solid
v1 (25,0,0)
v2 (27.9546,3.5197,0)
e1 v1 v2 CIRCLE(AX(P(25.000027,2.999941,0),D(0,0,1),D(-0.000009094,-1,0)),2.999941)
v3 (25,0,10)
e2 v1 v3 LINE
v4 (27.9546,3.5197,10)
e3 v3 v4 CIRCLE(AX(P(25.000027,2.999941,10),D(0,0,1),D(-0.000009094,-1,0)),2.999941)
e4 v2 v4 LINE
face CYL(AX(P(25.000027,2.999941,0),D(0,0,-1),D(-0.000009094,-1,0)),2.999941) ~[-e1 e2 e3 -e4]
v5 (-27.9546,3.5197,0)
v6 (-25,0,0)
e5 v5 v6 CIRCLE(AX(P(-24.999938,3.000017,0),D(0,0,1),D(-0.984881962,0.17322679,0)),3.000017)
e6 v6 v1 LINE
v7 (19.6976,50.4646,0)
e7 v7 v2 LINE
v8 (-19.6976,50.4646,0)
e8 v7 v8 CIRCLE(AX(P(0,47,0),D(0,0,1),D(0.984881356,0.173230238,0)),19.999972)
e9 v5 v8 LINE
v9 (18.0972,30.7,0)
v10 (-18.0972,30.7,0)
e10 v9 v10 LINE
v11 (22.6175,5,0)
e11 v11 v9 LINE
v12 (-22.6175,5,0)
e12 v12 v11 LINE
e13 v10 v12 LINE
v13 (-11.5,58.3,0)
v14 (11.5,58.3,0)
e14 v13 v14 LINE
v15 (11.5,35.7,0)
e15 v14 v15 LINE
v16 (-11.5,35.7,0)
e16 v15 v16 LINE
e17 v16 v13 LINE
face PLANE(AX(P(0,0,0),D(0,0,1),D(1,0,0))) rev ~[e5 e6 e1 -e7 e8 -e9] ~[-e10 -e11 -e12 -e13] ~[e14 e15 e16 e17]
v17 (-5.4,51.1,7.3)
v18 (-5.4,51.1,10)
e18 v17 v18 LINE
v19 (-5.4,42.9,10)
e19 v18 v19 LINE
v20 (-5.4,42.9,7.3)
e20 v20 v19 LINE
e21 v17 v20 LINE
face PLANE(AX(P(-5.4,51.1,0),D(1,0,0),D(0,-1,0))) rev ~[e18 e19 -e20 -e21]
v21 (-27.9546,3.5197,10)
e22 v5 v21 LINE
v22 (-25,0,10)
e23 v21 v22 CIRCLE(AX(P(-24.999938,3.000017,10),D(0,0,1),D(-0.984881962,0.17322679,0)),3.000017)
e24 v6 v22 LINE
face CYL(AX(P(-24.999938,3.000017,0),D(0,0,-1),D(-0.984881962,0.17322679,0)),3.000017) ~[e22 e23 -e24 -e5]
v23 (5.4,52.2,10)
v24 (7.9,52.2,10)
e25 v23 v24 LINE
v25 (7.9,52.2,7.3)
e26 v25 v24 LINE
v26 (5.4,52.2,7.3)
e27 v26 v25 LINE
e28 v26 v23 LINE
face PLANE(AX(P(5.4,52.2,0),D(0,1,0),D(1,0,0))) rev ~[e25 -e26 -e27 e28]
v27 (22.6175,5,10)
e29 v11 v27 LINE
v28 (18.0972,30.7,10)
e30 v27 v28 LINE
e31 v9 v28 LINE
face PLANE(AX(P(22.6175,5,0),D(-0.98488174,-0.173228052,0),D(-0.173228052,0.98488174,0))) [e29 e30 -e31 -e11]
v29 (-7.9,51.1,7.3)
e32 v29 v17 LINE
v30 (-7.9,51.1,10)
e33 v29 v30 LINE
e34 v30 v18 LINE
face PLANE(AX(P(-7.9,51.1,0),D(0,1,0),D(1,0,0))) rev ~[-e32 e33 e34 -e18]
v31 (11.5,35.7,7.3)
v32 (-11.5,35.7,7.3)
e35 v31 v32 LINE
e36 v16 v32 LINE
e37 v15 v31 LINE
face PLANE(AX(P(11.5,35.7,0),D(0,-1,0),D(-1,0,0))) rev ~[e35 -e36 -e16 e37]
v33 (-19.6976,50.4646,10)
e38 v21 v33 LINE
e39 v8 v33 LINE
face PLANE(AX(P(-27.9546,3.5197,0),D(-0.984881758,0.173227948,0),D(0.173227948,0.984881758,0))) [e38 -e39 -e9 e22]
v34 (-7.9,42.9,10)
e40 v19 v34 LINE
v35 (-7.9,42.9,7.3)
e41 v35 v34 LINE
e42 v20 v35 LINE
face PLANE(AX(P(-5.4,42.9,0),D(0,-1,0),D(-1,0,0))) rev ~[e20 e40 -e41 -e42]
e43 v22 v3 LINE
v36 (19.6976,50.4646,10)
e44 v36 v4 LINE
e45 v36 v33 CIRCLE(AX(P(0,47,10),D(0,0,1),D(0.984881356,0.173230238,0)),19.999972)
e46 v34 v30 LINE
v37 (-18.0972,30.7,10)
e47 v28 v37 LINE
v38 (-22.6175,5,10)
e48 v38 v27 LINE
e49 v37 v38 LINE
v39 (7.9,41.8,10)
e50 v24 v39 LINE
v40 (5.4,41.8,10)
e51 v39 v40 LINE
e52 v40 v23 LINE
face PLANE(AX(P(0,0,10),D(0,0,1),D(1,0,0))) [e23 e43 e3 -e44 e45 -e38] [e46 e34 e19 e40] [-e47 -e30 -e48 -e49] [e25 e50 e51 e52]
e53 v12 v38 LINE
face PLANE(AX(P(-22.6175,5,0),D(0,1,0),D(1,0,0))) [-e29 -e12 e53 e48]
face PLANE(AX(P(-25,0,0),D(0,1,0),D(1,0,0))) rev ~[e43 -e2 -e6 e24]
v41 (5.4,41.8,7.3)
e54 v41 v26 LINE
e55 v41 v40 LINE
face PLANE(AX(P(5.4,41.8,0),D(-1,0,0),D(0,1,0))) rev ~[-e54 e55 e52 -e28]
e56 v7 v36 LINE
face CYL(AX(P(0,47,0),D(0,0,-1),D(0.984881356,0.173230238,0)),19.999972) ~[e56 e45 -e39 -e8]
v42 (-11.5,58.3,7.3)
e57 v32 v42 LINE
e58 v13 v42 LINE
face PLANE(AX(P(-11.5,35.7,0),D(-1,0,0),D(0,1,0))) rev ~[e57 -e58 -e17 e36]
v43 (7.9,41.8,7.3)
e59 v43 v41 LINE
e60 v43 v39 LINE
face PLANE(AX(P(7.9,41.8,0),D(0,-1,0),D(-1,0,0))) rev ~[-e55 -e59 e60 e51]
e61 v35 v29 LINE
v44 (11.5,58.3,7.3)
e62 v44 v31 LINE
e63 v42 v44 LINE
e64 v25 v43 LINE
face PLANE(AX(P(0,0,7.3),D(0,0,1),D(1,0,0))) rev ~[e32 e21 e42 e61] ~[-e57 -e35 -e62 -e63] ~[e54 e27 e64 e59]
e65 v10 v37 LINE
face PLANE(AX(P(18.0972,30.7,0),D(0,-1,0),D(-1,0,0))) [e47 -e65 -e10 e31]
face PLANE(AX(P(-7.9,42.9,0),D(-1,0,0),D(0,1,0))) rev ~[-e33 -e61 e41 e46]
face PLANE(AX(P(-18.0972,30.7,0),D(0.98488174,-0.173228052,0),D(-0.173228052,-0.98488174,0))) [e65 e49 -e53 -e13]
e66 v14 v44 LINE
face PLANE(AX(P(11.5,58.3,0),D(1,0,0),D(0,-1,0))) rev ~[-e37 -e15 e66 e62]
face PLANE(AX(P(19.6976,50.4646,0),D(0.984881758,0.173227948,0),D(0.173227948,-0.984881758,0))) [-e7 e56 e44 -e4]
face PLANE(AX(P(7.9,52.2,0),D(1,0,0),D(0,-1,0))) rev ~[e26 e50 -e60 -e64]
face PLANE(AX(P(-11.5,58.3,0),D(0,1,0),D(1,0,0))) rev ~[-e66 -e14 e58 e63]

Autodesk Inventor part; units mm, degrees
ref_plane "YZ Plane" through (0, 0, 0) normal (1, 0, 0) x (0, 1, 0)
ref_plane "XZ Plane" through (0, 0, 0) normal (0, 1, 0) x (-1, 0, 0)
ref_plane "XY Plane" through (0, 0, 0) normal (0, 0, 1) x (1, 0, 0)
sketch "Sketch1" plane through (0, 0, 0) normal (0, 0, 1) x (1, 0, 0)
  line L0 (-25, 0) -> (25, 0)
  arc A0 (19.6976, 50.4646) -> (-19.6976, 50.4646) centre (0, 47) ccw
  arc A1 (-27.9546, 3.5197) -> (-25, 0) centre (-25, 3) ccw
  arc A2 (25, 0) -> (27.9546, 3.5197) centre (25, 3) ccw
  line L1 (-27.9546, 3.5197) -> (-19.6976, 50.4646)
  line L2 (19.6976, 50.4646) -> (27.9546, 3.5197)
  line L3 (-11.5, 58.3) -> (11.5, 58.3)
  line L4 (11.5, 58.3) -> (11.5, 35.7)
  line L5 (11.5, 35.7) -> (-11.5, 35.7)
  line L6 (-11.5, 35.7) -> (-11.5, 58.3)
  line L7 (-7.9, 51.1) -> (-5.4, 51.1)
  line L8 (-5.4, 51.1) -> (-5.4, 42.9)
  line L9 (-5.4, 42.9) -> (-7.9, 42.9)
  line L10 (-7.9, 42.9) -> (-7.9, 51.1)
  line L11 (5.4, 52.2) -> (7.9, 52.2)
  line L12 (7.9, 52.2) -> (7.9, 41.8)
  line L13 (7.9, 41.8) -> (5.4, 41.8)
  line L14 (5.4, 41.8) -> (5.4, 52.2)
  line L15 (-5.4, 47) -> (5.4, 47) construction
  line L16 (0, 35.7) -> (0, 0) construction
  line L17 (-18.0972, 30.7) -> (-22.6175, 5)
  line L18 (-22.6175, 5) -> (22.6175, 5)
  line L19 (22.6175, 5) -> (18.0972, 30.7)
  line L20 (18.0972, 30.7) -> (-18.0972, 30.7)
  point P0 (0, 58.3)
  point P1 (11.5, 47)
  point P2 (20.3574, 17.85)
  point P3 (0, 17.85)
  point P4 (0, 30.7)
  dimension "d0" = 47
  dimension "d1" = 50
  dimension "d2" = 20
  dimension "d3" = 3
  dimension "d6" = 23
  dimension "d7" = 22.6
  dimension "d8" = 15.8
  dimension "d9" = 8.2
  dimension "d10" = 2.5
  dimension "d11" = 2.5
  dimension "d12" = 10.4
  dimension "d13" = 5
  dimension "d14" = 5
extrude "Extrusion1" add sketch "Sketch1" along normal blind 10 contours A1 L1 A0 L2 A2 L0 | L3 L4 L5 L6
extrude "Extrusion2" cut sketch "Sketch1" along normal blind 7.3 contours L3 L4 L5 L6
equation "\"d11\" = d10"
equation "\"d14\" = d13"
properties part number "Sensor Stand"
